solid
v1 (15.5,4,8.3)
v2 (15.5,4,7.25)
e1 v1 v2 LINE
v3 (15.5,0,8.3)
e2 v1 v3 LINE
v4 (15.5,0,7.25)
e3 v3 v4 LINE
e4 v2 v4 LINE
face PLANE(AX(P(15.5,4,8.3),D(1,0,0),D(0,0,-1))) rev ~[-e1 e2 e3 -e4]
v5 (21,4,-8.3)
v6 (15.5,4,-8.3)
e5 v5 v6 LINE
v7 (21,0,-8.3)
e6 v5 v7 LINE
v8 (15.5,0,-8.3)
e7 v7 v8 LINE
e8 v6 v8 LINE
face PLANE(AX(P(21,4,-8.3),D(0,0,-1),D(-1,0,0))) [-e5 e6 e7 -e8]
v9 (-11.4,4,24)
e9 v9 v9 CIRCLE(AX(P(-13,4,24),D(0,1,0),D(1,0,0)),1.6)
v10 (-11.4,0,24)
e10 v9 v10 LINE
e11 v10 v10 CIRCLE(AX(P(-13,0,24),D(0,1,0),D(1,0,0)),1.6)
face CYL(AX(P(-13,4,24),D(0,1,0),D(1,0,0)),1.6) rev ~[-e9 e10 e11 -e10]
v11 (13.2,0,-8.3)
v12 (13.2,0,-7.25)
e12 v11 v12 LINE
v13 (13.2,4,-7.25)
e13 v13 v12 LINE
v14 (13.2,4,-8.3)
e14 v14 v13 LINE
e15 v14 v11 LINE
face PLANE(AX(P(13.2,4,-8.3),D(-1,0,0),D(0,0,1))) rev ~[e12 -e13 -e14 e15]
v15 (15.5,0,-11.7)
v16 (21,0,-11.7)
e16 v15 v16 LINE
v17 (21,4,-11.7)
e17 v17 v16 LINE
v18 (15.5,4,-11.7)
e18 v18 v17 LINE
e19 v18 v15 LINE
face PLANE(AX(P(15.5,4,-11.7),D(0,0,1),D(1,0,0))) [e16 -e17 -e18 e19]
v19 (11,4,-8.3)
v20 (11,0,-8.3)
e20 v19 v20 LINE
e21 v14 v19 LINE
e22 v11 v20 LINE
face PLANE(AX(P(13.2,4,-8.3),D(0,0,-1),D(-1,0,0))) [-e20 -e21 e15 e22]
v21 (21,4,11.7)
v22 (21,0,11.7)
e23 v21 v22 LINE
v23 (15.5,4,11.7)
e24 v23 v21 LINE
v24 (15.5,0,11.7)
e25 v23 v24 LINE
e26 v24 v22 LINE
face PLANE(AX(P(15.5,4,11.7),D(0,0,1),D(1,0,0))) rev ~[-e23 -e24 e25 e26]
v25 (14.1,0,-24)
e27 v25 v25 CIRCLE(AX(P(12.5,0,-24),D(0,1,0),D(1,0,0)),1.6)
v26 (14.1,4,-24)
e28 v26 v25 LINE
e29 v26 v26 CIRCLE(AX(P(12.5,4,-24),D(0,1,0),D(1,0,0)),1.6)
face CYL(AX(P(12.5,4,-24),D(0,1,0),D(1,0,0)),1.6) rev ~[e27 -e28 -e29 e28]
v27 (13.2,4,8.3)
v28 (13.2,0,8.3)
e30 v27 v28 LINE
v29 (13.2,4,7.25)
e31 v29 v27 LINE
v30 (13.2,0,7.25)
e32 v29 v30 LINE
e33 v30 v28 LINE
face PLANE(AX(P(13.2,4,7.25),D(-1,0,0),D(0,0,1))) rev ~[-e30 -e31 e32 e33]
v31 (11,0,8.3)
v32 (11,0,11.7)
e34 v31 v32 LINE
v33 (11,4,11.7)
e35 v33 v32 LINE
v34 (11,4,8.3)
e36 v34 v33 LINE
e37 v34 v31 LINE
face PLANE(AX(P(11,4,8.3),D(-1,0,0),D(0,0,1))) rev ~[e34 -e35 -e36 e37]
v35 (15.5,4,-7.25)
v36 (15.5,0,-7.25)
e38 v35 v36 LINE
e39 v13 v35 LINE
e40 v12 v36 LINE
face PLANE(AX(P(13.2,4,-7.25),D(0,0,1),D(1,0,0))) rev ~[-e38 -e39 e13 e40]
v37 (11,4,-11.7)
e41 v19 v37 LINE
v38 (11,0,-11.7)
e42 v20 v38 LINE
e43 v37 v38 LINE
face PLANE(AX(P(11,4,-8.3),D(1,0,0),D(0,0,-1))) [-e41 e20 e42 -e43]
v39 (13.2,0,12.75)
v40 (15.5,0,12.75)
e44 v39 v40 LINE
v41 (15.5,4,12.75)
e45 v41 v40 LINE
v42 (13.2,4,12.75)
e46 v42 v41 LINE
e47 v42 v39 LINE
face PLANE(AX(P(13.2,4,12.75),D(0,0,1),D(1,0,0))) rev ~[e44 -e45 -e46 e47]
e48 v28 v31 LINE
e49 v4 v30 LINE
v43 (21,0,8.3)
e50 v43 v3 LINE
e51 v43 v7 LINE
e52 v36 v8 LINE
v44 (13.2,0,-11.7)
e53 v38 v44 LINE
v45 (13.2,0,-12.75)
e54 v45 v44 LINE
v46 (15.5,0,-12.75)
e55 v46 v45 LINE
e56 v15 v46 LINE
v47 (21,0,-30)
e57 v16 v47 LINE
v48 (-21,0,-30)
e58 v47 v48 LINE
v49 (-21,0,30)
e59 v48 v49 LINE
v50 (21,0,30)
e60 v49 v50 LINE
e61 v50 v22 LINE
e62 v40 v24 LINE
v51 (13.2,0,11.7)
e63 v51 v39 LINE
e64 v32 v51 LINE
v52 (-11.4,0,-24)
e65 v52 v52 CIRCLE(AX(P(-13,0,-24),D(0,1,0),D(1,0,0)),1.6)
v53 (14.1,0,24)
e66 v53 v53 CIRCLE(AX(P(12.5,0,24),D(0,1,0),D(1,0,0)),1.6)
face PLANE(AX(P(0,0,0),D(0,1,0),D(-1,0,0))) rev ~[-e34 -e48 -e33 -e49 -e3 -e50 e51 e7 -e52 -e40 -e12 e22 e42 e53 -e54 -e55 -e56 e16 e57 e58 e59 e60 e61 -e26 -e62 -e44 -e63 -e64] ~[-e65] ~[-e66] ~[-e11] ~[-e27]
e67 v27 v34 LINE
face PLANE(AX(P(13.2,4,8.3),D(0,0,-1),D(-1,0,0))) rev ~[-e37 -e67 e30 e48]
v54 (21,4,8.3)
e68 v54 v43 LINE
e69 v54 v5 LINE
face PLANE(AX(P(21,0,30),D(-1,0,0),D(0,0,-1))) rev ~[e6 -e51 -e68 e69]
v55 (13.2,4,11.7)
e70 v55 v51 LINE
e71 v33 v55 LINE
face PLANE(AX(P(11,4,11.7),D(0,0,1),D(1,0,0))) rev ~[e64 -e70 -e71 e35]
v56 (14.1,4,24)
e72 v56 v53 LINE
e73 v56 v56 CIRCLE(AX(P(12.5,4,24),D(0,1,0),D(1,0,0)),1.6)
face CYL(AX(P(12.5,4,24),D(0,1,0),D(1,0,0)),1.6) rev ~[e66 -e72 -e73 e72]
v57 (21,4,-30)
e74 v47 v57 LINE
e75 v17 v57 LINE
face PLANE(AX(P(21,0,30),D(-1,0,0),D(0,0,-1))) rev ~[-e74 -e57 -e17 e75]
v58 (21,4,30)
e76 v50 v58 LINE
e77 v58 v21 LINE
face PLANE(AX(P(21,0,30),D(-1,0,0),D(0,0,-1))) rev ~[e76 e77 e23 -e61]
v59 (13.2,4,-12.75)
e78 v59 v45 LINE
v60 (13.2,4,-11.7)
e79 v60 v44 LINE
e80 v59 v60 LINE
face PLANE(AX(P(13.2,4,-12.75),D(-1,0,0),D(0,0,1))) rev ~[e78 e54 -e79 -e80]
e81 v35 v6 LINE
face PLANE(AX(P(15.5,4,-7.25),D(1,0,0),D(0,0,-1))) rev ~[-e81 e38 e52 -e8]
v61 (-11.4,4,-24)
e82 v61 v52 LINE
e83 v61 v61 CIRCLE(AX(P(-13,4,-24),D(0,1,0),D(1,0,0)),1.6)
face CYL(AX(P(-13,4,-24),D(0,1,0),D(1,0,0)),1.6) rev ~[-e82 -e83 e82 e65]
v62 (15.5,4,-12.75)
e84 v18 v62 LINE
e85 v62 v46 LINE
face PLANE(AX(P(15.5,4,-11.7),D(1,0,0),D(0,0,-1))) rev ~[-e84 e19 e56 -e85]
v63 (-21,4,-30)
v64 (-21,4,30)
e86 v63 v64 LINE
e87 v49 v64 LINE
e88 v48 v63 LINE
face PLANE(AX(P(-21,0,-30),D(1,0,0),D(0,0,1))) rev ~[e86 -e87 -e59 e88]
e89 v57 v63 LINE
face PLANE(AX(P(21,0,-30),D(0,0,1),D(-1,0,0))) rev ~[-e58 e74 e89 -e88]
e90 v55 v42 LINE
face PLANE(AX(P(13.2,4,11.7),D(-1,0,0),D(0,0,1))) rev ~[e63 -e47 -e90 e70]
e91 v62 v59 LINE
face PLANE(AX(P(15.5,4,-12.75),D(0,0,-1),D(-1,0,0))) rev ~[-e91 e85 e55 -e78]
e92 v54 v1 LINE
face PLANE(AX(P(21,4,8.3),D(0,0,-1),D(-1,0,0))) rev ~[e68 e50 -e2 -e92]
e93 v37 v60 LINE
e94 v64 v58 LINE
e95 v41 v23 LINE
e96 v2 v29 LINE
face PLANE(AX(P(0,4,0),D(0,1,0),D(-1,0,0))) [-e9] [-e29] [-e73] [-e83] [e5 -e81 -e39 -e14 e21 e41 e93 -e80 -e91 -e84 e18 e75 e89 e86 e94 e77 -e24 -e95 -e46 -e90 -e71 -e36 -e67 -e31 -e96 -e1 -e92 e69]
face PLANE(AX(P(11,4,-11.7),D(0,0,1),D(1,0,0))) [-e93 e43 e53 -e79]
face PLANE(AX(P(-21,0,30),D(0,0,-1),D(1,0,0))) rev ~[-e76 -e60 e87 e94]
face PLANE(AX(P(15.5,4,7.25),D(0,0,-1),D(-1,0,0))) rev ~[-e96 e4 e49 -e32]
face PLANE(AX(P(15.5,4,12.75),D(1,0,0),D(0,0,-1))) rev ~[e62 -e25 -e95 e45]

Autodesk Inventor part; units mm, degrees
ref_plane "YZ Plane" through (0, 0, 0) normal (1, 0, 0) x (0, 1, 0)
ref_plane "XZ Plane" through (0, 0, 0) normal (0, 1, 0) x (-1, 0, 0)
ref_plane "XY Plane" through (0, 0, 0) normal (0, 0, 1) x (1, 0, 0)
sketch "Эскиз1" plane through (0, 0, 0) normal (0, 1, 0) x (-1, 0, 0)
  line L0 (21, 30) -> (-21, 30)
  line L1 (-21, 30) -> (-21, -30)
  line L2 (-21, -30) -> (21, -30)
  line L3 (21, -30) -> (21, 30)
  line L4 (21, 30) -> (-21, -30) construction
  line L5 (-21, 30) -> (21, -30) construction
  point P0 (0, 0)
  dimension "d0" = 42
  dimension "d1" = 60
extrude "Выдавливание1" add sketch "Эскиз1" along normal blind 4
sketch "Эскиз4" plane through (0, 4, 0) normal (0, 1, 0) x (1, 0, 0)
  circle A0 centre (-13, -24) radius 1.6
  circle A1 centre (12.5, -24) radius 1.6
  circle A2 centre (12.5, 24) radius 1.6
  circle A3 centre (-13, 24) radius 1.6
  line L0 (-21, 30) -> (-21, -30) projected
  line L1 (-21, -30) -> (21, -30) projected
  line L2 (21, -30) -> (21, 30) projected
  line L3 (21, 30) -> (-21, 30) projected
  point P0 (0, 0)
  dimension "d28" = 3.2
  dimension "d29" = 3.2
  dimension "d31" = 3.2
  dimension "d32" = 8
  dimension "d33" = 6
  dimension "d34" = 6
  dimension "d36" = 6
  dimension "d37" = 6
  dimension "d38" = 8
  dimension "d56" = 25.5
  dimension "d57" = 3.2
  dimension "d58" = 25.5
extrude "Выдавливание3" cut sketch "Эскиз4" against normal blind 10 contours A0 | A1 | A2 | A3
sketch "Эскиз5" plane through (0, 4, 0) normal (0, 1, 0) x (1, 0, 0)
  line L0 (21, -30) -> (21, 30) projected
  line L1 (21, -8.3) -> (11, -8.3)
  line L2 (11, -8.3) -> (11, -11.7)
  line L3 (11, -11.7) -> (21, -11.7)
  line L4 (21, -11.7) -> (21, -8.3)
  line L5 (21, 8.3) -> (11, 8.3)
  line L6 (11, 8.3) -> (11, 11.7)
  line L7 (11, 11.7) -> (21, 11.7)
  line L8 (21, 11.7) -> (21, 8.3)
  line L9 (0, 0) -> (21, 0) construction
  line L10 (15.5, -7.25) -> (13.2, -7.25)
  line L11 (13.2, -7.25) -> (13.2, -12.75)
  line L12 (13.2, -12.75) -> (15.5, -12.75)
  line L13 (15.5, -12.75) -> (15.5, -7.25)
  line L14 (15.5, -7.25) -> (13.2, -12.75) construction
  line L15 (13.2, -7.25) -> (15.5, -12.75) construction
  line L16 (13.2, 7.25) -> (15.5, 7.25)
  line L17 (15.5, 7.25) -> (15.5, 12.75)
  line L18 (15.5, 12.75) -> (13.2, 12.75)
  line L19 (13.2, 12.75) -> (13.2, 7.25)
  line L20 (13.2, 7.25) -> (15.5, 12.75) construction
  line L21 (15.5, 7.25) -> (13.2, 12.75) construction
  point P0 (21, -10)
  point P1 (21, 10)
  point P2 (14.35, -10)
  point P3 (14.35, 10)
  point P4 (15.5, -10)
  point P5 (15.5, -11.7)
  point P6 (21, -11.7)
  point P7 (15.5, -8.3)
  point P8 (13.2, -8.3)
  point P9 (13.2, -11.7)
  point P10 (13.2, 8.3)
  point P11 (15.5, 8.3)
  point P12 (21, 8.3)
  point P13 (21, 11.7)
  point P14 (15.5, 11.7)
  point P15 (13.2, 11.7)
  dimension "d42" = 10
  dimension "d43" = 3.4
  dimension "d44" = 10
  dimension "d45" = 3.4
  dimension "d46" = 10
  dimension "d47" = 10
  dimension "d48" = 2.3
  dimension "d49" = 5.5
  dimension "d50" = 2.3
  dimension "d51" = 5.5
  dimension "d52" = 5.5
  dimension "d53" = 5.5
extrude "Выдавливание4" cut sketch "Эскиз5" against normal blind 4
properties part number "каретки_потолок"
